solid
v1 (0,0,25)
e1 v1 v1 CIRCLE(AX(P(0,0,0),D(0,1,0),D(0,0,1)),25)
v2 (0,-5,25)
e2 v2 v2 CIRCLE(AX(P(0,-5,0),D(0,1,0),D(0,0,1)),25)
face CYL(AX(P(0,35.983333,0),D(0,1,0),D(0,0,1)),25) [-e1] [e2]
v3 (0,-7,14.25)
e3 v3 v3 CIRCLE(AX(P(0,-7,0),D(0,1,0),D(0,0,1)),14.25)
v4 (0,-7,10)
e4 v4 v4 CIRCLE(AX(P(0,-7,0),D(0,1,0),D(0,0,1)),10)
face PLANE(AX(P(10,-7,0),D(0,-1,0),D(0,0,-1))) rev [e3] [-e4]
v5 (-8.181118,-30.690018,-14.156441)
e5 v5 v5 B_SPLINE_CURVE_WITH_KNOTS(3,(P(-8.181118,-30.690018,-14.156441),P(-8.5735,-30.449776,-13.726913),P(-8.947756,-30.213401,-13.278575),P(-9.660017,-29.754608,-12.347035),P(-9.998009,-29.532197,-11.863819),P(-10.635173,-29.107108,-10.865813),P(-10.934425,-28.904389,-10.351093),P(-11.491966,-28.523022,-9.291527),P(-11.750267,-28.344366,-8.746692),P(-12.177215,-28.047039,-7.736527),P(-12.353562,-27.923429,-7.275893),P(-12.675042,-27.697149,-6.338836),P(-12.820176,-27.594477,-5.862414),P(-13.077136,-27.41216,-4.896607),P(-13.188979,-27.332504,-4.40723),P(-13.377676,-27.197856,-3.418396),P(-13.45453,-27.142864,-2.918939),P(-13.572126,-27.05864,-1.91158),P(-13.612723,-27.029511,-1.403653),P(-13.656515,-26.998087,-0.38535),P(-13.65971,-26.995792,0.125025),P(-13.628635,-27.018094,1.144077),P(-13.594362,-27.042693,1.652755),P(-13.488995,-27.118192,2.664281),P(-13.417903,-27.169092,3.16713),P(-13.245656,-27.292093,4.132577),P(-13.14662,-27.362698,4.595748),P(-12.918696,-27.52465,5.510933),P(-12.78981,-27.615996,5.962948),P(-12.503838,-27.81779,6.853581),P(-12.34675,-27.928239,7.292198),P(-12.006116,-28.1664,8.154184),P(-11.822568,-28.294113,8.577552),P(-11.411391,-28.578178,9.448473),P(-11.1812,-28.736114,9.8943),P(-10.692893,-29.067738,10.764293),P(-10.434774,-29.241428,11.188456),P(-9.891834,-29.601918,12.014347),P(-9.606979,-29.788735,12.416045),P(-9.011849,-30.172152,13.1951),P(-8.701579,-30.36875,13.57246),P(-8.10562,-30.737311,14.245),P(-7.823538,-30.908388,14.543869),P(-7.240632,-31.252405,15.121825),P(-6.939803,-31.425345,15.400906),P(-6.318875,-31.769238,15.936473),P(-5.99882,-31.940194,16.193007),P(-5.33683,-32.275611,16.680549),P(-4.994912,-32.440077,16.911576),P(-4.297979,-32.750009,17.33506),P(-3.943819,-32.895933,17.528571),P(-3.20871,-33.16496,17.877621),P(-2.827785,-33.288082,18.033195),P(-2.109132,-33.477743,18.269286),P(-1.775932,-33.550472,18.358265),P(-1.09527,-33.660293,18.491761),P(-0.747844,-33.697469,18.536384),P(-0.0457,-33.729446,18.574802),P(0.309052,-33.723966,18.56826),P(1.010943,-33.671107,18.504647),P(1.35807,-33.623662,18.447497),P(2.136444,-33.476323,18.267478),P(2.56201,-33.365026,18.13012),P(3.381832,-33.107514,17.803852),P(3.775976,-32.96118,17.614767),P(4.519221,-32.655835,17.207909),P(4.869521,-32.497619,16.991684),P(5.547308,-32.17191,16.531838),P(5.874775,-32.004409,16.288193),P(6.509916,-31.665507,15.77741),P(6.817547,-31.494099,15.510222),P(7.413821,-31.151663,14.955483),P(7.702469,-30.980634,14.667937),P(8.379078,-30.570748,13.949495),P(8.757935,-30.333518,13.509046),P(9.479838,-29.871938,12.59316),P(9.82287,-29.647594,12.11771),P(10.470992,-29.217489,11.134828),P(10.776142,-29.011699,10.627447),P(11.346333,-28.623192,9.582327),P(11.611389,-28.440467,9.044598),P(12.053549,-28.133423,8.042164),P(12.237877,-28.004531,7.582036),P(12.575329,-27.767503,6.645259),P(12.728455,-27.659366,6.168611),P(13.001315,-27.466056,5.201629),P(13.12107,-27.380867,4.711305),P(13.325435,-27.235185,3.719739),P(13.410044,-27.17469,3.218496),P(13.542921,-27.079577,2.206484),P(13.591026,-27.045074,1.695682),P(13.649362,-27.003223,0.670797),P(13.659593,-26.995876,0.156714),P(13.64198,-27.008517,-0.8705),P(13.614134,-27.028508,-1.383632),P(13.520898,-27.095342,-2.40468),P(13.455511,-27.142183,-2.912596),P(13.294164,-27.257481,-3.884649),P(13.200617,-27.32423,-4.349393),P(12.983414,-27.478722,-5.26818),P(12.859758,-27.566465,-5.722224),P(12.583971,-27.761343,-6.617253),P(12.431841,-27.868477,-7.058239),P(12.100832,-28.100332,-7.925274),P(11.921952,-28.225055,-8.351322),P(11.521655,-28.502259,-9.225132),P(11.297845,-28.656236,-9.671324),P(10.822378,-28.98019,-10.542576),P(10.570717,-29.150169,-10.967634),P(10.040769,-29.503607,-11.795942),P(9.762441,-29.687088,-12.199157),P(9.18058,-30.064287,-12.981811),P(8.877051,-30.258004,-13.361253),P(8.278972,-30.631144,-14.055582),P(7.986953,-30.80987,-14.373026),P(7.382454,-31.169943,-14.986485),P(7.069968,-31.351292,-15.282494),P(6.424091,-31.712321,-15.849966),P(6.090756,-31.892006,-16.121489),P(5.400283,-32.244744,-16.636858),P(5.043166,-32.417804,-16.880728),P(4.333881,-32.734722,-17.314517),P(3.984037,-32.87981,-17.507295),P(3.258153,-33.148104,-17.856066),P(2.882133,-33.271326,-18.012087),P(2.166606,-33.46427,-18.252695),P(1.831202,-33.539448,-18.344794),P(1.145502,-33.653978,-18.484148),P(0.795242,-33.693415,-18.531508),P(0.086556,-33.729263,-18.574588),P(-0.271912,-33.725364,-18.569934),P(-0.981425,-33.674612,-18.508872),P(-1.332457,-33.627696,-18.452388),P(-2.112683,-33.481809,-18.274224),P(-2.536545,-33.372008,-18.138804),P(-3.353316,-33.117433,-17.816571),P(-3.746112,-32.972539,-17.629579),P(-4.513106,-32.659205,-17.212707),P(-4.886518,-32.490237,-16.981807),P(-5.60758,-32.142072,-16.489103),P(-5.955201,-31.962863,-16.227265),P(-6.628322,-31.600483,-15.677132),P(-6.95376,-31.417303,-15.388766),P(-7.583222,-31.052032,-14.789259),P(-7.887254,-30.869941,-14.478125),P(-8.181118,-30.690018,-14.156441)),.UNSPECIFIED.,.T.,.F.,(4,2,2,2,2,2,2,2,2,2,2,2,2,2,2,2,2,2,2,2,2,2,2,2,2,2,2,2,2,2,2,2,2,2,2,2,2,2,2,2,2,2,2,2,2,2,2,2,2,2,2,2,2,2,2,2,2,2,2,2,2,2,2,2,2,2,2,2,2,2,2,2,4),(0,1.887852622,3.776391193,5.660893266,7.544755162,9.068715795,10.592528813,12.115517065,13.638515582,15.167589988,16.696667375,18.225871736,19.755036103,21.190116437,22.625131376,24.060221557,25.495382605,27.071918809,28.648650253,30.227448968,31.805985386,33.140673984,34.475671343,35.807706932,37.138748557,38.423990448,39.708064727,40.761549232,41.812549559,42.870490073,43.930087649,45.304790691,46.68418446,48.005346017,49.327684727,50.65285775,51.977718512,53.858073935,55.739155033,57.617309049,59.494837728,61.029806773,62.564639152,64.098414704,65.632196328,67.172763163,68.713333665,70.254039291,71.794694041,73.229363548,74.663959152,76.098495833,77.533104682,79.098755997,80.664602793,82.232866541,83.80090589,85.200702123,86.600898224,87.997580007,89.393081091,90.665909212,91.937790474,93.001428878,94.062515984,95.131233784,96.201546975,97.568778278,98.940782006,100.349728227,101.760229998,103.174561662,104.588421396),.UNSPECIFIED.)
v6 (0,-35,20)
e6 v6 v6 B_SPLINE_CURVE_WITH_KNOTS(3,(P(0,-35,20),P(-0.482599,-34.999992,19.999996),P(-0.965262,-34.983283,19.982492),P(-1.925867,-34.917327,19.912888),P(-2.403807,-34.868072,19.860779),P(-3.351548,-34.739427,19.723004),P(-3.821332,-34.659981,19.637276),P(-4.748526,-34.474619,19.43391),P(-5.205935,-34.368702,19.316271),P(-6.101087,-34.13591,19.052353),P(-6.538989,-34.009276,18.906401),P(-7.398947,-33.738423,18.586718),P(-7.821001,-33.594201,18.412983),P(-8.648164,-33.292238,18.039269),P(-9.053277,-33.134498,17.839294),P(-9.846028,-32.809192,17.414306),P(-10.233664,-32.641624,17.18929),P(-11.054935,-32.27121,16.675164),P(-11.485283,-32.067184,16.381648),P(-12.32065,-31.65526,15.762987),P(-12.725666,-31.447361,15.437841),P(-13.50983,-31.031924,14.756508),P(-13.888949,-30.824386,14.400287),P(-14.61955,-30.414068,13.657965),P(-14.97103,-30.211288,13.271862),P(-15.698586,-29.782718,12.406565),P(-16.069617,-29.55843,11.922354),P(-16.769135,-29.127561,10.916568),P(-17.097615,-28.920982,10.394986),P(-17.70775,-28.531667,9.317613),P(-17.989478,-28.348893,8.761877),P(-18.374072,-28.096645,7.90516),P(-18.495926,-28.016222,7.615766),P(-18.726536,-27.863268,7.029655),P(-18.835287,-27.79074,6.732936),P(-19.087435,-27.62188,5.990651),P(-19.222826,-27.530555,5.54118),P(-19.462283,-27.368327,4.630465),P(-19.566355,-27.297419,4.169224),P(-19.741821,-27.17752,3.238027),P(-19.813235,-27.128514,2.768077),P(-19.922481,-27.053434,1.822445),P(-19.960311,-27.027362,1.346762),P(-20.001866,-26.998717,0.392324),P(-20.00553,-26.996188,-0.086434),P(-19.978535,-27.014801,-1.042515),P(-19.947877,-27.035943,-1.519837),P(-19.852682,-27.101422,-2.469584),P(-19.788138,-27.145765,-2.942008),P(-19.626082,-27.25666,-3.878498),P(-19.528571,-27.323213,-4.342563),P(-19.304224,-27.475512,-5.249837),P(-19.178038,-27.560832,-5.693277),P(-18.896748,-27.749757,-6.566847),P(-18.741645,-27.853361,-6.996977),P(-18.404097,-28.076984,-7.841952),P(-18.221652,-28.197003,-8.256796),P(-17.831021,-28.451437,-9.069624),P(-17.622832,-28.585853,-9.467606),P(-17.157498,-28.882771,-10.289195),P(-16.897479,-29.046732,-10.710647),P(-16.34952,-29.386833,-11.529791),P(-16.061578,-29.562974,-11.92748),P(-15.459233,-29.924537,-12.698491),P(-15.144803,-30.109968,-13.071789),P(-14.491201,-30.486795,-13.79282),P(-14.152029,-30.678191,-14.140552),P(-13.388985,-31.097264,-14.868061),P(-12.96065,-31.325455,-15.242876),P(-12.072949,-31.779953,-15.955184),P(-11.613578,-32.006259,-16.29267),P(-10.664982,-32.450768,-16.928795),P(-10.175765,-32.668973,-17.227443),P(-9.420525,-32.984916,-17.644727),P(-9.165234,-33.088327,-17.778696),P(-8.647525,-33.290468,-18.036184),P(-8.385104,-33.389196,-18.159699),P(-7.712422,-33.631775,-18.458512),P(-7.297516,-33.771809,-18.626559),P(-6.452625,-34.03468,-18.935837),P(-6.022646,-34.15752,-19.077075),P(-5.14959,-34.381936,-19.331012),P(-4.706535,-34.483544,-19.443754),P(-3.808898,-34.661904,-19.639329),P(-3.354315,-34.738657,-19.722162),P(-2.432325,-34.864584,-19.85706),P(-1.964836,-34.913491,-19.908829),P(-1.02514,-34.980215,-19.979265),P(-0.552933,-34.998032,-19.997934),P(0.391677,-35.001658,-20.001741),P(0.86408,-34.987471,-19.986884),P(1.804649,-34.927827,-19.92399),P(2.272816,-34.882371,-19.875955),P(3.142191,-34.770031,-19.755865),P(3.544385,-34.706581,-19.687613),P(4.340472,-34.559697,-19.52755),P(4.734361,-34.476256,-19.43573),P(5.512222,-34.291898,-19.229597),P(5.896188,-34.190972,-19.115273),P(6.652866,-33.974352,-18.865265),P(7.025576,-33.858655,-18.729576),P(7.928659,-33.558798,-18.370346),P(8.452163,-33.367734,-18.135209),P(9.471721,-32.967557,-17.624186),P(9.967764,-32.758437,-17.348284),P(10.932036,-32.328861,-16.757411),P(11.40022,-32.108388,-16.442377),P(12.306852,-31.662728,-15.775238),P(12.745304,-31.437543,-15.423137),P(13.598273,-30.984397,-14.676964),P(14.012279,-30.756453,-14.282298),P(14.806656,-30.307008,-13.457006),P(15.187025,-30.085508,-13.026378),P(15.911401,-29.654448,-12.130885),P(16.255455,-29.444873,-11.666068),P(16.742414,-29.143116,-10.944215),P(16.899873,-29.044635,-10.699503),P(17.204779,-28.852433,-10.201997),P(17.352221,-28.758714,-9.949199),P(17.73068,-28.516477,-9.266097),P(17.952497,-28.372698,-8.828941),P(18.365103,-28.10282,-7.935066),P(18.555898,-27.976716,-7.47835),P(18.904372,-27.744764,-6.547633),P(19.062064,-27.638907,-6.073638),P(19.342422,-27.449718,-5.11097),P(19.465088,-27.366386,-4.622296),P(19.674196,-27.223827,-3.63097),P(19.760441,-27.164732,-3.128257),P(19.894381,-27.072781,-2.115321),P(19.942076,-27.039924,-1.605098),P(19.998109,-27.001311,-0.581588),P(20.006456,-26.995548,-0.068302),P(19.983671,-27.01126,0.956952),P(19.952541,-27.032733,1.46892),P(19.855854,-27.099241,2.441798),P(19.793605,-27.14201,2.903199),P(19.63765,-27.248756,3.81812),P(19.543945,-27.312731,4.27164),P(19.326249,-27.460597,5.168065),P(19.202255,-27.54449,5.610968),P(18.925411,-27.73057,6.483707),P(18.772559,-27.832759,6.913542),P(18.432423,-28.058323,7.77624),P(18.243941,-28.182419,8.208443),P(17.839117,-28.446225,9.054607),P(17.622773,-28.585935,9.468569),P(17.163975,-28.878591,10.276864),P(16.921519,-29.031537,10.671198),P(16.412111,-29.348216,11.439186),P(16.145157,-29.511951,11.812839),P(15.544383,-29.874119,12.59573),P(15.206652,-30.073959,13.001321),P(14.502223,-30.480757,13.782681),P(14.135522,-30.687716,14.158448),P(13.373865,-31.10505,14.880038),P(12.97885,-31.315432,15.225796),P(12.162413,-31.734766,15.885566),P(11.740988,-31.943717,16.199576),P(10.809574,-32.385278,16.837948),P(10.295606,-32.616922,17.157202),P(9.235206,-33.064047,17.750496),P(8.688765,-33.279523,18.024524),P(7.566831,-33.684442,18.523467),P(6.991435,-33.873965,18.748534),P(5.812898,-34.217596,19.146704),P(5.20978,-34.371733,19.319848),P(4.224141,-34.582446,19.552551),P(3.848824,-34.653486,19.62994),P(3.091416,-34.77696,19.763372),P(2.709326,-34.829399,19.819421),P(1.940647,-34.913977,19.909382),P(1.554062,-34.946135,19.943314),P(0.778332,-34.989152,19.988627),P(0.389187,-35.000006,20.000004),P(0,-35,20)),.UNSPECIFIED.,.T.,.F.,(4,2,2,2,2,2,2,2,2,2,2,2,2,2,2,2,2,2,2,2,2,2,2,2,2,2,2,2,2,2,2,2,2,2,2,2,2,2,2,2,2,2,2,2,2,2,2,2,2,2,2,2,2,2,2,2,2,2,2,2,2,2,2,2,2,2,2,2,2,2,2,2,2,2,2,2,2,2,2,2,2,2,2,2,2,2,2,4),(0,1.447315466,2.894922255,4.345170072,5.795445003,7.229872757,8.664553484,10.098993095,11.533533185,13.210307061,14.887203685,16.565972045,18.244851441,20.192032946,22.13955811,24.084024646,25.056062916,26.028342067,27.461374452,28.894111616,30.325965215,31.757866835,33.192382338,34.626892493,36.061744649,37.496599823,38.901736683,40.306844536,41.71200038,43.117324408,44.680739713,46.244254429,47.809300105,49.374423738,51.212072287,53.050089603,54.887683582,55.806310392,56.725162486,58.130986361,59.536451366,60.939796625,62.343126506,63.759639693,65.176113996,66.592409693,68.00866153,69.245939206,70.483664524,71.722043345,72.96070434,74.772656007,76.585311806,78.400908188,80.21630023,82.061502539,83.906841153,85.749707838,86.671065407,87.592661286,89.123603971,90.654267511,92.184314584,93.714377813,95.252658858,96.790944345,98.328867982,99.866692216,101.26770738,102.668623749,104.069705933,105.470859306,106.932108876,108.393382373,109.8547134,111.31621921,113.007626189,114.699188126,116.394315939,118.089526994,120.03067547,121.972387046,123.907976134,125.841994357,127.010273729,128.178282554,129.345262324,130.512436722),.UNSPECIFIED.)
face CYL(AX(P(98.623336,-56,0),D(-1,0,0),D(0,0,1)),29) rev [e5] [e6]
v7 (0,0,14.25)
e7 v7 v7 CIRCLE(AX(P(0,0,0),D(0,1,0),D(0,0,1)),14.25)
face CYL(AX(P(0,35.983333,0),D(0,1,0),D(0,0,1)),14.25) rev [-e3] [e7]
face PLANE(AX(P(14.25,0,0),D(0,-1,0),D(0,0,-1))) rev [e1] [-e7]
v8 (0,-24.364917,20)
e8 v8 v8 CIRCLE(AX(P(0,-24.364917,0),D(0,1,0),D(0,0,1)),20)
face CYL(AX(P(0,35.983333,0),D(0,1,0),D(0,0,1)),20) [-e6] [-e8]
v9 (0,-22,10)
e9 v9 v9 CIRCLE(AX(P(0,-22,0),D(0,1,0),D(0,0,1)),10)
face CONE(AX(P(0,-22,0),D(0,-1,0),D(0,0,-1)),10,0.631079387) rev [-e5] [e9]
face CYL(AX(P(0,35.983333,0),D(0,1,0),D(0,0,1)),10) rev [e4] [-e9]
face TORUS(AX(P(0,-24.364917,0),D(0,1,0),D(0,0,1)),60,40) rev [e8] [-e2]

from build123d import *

# Parameters (mm, degrees)
ENL_V_MAT_EXTRU_1_DEPTH      = 26
ENL_V_MAT_EXTRU_1_DEPTH_BACK = 26


with BuildPart() as part:
    # Esquisse1 → Révolution1 (revolve)
    with BuildSketch(Plane.XY, mode=Mode.PRIVATE) as r_volution1_sk:
        with BuildLine():
            Line((10, -22), (10, -7))
            Line((10, -7), (14.25, -7))
            Line((14.25, -7), (14.25, 0))
            Line((14.25, 0), (25, 0))
            Line((25, 0), (25, -5))
            ThreePointArc((25, -5), (21.270166538, -14.364916731), (20, -24.364916731))
            Line((20, -24.364916731), (20, -35))
            Line((20, -35), (19.5, -35))
            Line((19.5, -35), (10, -22))
        make_face()
    revolve(r_volution1_sk.sketch.rotate(Axis((0, 35.983333333, 0), (0, -1, 0)), 90), axis=Axis((0, 35.983333333, 0), (0, -1, 0)))  # turned: the seam where the file's is

    # Esquisse2 → Enlèv. mat.-Extru.1 (cut, two sides)
    with BuildSketch(Plane(origin=(0, 0, 0), x_dir=(0, 0, -1), z_dir=(1, 0, 0))) as enl_v_mat_extru_1_sk:
        with BuildLine():
            Line((109.805806645, -120.529339662), (20, -35))
            ThreePointArc((20, -35), (0, -27), (-20, -35))
            Line((-20, -35), (-109.805806645, -120.529339662))
            Line((-109.805806645, -120.529339662), (-109.805806645, -368.564424682))
            Line((-109.805806645, -368.564424682), (109.805806645, -368.564424682))
            Line((109.805806645, -368.564424682), (109.805806645, -120.529339662))
        make_face()
    extrude(amount=ENL_V_MAT_EXTRU_1_DEPTH, mode=Mode.SUBTRACT)
    extrude(enl_v_mat_extru_1_sk.sketch, amount=-ENL_V_MAT_EXTRU_1_DEPTH_BACK, mode=Mode.SUBTRACT)


solid = part.part
